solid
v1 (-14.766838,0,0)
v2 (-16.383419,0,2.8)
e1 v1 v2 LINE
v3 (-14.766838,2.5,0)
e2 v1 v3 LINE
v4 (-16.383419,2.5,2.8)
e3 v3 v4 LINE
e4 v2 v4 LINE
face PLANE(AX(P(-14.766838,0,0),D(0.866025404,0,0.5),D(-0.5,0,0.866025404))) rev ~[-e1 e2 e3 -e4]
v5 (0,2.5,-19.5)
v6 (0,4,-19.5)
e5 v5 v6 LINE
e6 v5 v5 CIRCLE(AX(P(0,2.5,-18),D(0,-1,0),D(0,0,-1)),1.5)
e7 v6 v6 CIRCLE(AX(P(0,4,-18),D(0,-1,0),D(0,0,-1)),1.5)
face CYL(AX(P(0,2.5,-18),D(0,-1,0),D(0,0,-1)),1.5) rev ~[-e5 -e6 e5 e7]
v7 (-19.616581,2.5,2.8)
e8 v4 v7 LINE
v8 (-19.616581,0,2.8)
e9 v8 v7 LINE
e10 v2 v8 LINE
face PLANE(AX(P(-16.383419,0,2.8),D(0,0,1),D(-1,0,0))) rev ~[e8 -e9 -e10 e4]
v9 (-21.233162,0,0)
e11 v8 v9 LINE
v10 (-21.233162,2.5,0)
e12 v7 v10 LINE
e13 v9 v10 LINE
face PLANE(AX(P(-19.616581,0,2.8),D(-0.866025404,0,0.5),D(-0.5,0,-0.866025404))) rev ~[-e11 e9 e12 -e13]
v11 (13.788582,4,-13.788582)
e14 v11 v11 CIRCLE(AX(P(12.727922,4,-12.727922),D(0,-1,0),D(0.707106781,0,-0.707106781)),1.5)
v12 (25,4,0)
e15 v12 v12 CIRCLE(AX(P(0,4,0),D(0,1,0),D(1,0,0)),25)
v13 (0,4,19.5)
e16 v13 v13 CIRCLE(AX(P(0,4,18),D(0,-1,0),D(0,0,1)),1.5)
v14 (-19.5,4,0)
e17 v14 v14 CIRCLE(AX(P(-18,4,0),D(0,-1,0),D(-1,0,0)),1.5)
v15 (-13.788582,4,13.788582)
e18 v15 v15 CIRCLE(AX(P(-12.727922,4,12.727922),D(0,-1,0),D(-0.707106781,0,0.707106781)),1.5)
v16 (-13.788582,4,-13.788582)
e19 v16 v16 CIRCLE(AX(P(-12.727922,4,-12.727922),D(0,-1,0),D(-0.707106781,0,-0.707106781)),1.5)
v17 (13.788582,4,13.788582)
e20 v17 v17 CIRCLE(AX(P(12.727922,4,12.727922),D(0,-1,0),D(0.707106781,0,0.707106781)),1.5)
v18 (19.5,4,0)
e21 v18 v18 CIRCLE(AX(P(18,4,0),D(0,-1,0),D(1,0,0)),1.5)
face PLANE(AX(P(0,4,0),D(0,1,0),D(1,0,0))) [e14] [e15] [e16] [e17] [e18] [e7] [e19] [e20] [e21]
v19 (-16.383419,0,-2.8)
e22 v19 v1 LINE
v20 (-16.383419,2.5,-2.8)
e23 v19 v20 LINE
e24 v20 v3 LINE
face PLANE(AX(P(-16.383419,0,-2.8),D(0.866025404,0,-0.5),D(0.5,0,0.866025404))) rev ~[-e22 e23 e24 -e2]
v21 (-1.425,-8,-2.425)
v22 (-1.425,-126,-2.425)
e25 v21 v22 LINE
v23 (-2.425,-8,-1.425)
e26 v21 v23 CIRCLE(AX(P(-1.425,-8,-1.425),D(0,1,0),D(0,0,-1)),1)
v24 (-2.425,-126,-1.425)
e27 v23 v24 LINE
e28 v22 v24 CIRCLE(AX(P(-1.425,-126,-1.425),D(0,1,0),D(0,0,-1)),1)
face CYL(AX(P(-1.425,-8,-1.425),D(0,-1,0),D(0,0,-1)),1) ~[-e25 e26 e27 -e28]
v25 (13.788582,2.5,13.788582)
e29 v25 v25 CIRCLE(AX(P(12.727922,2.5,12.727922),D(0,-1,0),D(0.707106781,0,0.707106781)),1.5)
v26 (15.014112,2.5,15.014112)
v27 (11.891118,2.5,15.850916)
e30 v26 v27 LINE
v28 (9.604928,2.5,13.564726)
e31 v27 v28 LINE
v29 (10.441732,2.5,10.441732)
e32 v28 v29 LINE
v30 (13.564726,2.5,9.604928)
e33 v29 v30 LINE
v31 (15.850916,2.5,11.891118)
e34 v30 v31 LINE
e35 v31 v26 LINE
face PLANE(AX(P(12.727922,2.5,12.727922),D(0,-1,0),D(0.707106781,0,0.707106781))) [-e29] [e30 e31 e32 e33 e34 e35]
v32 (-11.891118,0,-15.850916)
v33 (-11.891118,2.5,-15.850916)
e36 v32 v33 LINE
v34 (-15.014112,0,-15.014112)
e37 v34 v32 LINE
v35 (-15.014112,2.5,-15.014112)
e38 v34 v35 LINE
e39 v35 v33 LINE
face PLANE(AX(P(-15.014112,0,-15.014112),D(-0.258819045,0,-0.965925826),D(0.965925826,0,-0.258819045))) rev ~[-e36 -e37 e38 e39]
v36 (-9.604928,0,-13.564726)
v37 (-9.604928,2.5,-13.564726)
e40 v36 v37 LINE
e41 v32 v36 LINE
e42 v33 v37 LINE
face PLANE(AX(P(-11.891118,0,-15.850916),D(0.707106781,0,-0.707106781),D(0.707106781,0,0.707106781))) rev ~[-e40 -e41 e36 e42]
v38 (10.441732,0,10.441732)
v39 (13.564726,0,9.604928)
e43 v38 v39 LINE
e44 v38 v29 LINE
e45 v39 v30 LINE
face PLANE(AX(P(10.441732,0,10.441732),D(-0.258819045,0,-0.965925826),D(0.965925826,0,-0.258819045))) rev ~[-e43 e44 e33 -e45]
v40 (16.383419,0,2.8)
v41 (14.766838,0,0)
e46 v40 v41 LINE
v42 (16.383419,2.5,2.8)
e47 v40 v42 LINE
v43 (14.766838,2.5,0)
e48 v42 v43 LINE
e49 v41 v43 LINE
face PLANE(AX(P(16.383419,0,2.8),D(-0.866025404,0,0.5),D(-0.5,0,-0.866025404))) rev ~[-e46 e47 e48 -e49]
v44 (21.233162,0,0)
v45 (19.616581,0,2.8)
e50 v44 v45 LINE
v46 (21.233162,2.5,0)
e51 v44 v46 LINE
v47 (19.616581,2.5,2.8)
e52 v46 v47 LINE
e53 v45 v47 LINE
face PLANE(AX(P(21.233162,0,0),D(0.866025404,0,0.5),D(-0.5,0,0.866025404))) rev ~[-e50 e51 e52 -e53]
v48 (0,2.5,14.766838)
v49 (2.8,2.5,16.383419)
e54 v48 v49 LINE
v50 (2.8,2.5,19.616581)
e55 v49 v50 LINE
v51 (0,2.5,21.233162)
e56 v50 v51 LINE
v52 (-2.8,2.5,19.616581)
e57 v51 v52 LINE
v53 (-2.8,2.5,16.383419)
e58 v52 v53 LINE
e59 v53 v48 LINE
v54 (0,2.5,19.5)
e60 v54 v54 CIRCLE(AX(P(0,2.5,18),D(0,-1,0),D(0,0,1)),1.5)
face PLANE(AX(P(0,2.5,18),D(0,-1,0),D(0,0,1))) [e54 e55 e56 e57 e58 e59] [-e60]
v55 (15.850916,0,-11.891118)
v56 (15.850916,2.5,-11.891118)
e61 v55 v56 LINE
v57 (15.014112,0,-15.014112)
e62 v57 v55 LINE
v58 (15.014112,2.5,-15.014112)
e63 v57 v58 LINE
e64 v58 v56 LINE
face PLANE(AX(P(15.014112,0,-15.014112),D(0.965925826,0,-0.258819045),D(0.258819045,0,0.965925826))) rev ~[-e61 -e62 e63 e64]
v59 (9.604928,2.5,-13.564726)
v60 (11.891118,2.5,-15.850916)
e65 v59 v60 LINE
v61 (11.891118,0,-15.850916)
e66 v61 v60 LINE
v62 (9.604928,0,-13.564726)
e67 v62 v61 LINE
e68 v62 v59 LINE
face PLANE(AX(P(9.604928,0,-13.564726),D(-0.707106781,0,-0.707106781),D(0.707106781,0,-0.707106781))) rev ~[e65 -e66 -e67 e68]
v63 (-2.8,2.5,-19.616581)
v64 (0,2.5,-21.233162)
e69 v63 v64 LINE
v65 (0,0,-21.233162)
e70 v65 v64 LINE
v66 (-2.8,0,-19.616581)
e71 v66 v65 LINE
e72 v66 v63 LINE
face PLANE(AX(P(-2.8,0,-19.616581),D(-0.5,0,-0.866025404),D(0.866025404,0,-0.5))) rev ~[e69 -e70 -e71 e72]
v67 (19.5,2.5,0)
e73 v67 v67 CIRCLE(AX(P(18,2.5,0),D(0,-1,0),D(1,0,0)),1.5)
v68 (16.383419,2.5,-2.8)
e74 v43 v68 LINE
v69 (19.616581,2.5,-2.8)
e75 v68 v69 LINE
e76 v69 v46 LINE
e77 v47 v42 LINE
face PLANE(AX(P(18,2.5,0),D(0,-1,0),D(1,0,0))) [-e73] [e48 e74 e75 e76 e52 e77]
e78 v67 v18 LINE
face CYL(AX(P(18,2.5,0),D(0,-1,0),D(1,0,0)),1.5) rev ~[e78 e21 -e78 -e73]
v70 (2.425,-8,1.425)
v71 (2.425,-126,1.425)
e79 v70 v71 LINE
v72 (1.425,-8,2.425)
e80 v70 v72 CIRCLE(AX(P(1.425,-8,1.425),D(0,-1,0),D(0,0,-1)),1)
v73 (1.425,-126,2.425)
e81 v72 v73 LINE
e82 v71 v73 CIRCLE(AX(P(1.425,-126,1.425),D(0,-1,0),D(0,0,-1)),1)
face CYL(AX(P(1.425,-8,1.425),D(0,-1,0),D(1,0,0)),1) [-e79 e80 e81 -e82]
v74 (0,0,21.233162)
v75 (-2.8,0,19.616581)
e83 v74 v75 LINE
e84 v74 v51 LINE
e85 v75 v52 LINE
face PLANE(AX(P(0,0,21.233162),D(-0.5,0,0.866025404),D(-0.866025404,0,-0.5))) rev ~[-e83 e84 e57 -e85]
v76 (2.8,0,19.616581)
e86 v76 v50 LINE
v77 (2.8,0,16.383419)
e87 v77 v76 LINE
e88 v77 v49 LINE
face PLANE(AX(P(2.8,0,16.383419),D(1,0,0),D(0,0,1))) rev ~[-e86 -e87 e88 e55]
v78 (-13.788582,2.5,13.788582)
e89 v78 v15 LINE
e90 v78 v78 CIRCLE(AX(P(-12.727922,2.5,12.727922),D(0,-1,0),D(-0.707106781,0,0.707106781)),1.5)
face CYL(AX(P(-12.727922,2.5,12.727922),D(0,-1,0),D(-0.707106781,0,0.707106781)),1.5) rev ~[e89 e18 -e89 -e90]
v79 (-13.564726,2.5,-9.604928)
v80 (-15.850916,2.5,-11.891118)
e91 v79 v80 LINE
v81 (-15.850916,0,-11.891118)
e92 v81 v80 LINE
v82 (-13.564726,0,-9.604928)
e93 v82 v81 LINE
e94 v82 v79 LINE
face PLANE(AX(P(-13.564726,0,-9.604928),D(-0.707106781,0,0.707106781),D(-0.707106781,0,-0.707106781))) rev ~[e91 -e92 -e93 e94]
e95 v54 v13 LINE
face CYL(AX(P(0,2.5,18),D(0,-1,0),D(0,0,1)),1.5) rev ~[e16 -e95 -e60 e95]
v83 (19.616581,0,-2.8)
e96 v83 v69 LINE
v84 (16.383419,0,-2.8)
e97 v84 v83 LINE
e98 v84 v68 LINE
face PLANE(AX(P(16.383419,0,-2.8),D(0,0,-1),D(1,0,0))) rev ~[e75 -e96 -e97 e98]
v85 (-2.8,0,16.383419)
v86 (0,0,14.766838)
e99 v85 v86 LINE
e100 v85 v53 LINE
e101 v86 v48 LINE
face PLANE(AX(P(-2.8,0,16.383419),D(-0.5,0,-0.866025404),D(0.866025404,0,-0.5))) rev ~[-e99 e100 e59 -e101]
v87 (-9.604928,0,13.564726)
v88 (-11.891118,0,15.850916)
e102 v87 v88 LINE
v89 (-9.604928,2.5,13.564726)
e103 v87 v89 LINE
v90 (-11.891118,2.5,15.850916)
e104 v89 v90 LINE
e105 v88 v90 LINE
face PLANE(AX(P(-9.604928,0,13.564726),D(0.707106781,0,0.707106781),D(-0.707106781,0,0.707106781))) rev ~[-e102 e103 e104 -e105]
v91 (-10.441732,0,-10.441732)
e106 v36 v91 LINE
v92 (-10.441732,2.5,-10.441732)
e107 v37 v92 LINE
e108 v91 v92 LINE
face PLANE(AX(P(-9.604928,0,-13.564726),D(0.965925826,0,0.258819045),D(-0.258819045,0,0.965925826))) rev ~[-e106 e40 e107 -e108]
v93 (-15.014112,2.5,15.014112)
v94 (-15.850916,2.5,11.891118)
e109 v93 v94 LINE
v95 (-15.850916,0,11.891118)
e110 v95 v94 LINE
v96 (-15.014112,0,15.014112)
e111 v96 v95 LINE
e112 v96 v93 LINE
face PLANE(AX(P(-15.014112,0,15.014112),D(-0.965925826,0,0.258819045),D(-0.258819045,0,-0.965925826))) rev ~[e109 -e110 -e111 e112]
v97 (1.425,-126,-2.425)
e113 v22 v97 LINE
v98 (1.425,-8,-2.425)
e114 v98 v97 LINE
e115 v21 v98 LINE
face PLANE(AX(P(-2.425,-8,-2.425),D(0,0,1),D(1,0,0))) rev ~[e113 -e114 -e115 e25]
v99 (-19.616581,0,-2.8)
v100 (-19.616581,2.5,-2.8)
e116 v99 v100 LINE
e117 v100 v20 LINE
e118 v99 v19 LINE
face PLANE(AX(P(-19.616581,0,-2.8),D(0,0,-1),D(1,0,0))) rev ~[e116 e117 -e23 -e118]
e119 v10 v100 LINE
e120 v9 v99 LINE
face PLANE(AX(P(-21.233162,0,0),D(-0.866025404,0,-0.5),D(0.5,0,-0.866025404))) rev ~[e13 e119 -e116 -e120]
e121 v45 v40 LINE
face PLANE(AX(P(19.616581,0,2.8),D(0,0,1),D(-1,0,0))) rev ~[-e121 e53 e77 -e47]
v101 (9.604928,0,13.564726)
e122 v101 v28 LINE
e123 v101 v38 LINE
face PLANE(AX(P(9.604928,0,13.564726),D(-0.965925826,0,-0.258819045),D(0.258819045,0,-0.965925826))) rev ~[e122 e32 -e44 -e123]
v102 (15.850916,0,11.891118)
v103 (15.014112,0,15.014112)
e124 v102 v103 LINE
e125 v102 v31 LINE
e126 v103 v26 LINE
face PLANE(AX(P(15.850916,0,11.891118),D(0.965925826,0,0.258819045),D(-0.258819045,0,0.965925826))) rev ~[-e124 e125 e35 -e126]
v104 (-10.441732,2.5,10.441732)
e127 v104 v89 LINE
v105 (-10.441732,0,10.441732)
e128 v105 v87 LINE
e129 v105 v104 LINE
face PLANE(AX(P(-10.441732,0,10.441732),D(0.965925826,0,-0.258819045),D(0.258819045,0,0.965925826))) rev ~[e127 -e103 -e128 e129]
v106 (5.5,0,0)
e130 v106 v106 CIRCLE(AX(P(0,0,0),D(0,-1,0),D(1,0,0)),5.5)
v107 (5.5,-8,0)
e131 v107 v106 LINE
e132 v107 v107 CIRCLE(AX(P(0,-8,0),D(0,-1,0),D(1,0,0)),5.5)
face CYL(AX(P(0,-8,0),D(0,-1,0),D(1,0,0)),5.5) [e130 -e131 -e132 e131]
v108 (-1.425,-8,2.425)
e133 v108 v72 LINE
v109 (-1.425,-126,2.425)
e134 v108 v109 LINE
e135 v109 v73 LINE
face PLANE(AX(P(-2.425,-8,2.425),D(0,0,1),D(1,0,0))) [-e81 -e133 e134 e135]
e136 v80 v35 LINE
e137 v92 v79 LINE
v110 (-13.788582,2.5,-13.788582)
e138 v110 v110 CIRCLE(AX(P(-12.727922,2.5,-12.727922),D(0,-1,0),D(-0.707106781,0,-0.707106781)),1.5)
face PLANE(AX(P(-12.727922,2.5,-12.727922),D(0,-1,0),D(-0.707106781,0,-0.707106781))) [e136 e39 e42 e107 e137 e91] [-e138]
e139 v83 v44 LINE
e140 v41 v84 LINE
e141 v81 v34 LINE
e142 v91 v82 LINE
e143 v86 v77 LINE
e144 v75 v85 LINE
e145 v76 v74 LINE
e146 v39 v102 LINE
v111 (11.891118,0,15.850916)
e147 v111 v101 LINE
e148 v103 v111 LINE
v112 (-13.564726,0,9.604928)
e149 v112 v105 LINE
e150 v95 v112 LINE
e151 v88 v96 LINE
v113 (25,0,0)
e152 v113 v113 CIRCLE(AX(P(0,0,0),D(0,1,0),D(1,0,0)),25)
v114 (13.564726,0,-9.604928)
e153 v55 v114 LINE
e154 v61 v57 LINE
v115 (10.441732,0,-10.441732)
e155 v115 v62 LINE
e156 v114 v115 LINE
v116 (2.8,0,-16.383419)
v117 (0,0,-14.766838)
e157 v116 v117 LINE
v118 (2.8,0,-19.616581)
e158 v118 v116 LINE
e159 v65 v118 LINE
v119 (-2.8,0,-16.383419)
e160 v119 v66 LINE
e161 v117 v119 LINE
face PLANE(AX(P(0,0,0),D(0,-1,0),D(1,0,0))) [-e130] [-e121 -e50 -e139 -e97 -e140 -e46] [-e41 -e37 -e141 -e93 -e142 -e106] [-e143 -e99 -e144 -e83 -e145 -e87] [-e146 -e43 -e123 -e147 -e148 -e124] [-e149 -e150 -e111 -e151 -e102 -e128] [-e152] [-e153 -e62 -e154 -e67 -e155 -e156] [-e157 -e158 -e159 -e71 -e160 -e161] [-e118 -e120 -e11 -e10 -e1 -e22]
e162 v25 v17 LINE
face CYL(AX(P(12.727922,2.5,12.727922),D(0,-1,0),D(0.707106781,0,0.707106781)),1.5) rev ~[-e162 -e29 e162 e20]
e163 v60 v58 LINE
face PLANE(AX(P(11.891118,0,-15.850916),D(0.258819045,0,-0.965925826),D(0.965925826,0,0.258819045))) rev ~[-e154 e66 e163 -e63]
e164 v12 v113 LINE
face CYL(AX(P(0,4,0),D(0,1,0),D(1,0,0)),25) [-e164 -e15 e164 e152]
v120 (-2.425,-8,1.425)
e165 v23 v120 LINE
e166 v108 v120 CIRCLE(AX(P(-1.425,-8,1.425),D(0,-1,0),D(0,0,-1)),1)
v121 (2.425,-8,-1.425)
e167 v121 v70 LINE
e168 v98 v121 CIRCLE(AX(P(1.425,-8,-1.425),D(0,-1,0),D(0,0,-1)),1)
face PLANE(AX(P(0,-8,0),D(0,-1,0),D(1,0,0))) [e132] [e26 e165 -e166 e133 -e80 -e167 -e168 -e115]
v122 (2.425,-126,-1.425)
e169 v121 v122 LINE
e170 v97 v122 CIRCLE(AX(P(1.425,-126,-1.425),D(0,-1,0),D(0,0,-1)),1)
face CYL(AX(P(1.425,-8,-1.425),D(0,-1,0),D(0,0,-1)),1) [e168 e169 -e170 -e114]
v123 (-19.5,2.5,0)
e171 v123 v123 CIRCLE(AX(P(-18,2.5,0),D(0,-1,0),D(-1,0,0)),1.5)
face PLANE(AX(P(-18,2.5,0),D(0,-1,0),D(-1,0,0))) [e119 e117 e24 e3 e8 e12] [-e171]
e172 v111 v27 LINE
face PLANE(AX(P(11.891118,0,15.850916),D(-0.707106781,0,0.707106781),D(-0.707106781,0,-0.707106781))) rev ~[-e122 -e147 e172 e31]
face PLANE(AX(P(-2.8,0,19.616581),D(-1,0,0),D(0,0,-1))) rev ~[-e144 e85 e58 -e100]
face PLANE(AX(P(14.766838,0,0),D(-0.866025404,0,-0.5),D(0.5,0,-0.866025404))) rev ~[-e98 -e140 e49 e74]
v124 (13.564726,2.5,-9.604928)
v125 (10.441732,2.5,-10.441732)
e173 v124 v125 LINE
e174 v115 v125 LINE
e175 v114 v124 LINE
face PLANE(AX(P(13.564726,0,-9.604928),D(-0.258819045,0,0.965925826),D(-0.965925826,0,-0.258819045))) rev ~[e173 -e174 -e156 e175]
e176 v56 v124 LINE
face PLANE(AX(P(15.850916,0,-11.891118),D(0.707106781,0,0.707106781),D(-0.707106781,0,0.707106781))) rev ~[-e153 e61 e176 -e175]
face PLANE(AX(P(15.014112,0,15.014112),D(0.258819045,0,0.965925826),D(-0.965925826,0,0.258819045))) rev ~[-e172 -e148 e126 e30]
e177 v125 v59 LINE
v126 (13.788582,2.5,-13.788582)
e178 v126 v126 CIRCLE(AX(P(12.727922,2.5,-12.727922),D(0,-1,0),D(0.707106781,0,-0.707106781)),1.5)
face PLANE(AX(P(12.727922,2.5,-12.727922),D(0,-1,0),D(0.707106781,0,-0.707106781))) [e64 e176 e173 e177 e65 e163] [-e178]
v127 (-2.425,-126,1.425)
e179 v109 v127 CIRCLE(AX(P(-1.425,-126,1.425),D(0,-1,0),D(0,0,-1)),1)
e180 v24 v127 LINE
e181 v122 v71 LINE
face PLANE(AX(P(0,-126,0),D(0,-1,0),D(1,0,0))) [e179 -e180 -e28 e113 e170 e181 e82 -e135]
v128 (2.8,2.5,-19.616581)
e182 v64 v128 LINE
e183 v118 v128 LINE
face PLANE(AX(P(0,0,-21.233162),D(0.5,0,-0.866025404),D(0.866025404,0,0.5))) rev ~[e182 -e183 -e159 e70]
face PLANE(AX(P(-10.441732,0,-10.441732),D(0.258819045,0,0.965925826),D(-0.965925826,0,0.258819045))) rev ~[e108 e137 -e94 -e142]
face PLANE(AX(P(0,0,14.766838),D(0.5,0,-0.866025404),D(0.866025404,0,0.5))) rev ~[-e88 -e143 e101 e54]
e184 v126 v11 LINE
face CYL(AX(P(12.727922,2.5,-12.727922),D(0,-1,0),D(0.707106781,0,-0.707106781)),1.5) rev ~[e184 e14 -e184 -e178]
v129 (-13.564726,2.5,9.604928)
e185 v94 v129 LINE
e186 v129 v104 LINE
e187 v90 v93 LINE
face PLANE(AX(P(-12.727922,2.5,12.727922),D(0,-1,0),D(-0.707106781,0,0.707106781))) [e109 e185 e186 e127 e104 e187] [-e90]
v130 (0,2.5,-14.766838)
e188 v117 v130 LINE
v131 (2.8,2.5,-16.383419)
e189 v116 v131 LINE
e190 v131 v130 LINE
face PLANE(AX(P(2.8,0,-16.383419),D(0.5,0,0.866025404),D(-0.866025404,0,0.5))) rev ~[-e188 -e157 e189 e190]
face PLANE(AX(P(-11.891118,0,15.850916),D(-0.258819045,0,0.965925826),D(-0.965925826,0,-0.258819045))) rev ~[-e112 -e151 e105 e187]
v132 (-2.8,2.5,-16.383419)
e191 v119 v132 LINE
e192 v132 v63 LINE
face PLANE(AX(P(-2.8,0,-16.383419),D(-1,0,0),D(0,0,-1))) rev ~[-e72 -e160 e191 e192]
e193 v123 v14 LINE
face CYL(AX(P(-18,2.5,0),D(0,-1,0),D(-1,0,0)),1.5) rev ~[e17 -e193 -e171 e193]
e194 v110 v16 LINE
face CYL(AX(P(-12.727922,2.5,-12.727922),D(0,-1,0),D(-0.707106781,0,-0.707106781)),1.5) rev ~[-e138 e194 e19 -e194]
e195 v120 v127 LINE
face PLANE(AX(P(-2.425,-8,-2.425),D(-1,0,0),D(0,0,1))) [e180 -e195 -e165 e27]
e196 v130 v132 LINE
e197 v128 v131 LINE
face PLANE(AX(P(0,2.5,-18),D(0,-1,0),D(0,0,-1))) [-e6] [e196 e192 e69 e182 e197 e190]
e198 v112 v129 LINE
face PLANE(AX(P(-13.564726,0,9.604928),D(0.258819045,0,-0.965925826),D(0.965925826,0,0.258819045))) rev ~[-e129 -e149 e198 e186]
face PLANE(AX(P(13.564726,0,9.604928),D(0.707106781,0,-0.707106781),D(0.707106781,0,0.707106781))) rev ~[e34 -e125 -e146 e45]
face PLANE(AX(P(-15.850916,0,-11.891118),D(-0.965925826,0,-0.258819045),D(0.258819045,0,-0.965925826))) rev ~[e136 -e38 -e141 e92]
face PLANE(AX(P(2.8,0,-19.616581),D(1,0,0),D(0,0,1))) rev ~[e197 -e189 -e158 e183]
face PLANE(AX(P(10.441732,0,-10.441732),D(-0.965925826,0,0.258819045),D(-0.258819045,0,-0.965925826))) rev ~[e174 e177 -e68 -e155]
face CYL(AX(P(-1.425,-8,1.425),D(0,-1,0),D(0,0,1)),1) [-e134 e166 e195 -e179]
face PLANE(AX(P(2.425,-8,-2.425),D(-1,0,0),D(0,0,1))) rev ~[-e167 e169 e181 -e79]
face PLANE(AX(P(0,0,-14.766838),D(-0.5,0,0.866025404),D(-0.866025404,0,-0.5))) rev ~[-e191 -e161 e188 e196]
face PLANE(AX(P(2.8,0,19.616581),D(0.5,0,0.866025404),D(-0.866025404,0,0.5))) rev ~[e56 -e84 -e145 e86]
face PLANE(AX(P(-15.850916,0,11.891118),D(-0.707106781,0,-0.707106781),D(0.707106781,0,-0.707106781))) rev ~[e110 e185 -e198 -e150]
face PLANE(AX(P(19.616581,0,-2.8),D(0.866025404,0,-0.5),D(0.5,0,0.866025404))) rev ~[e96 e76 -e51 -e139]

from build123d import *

# Parameters (mm, degrees)
SKETCH_1_R               = 20
EXTRUDE_1_DEPTH          = 4
SKETCH_2_R               = 7.407075634
EXTRUDE_2_DEPTH          = 8
SKETCH_3_W               = 4.85
SKETCH_3_H               = 4.85
EXTRUDE_3_DEPTH          = 118
SKETCH_5_R               = 25
EXTRUDE_4_DEPTH          = 4
CUT_EXTRUDE_1_DEPTH      = 2.5
SKETCH_7_R               = 1.5
CUT_EXTRUDE_2_DEPTH      = 2.5
PATTERN_CIRCULAR_1_COUNT = 8
FILLET_1_R               = 1
SKETCH_9_R               = 25
EXTRUDE_5_DEPTH          = 4
SKETCH_10_R              = 5.5
EXTRUDE_6_DEPTH          = 8
SKETCH_11_W              = 4.85
SKETCH_11_H              = 4.85
EXTRUDE_7_DEPTH          = 118
CUT_EXTRUDE_7_DEPTH      = 128.5
SKETCH_13_R              = 1.5
CUT_EXTRUDE_8_DEPTH      = 128.5
PATTERN_CIRCULAR_2_COUNT = 8
FILLET_2_R               = 1
SKETCH_14_R              = 7.407075634
SKETCH_14_R_2            = 5.5
CUT_EXTRUDE_9_DEPTH      = 8
SKETCH_15_W              = 54.152446135
SKETCH_15_H              = 58.876914062
CUT_EXTRUDE_10_DEPTH     = 130


with BuildPart() as part:
    # 草图1 → 凸台-拉伸1 (new body)
    with BuildSketch(Plane(origin=(0, 0, 0), x_dir=(1, 0, 0), z_dir=(0, 1, 0))):
        Circle(SKETCH_1_R)
    extrude(amount=EXTRUDE_1_DEPTH)

    # 草图2 → 凸台-拉伸2 (add)
    with BuildSketch(Plane.XZ):
        Circle(SKETCH_2_R)
    extrude(amount=EXTRUDE_2_DEPTH)

    # 草图3 → 凸台-拉伸3 (add)
    with BuildSketch(Plane.XZ.offset(8)):
        Rectangle(SKETCH_3_W, SKETCH_3_H)
    extrude(amount=EXTRUDE_3_DEPTH)

    # 草图5 → 凸台-拉伸4 (add)
    with BuildSketch(Plane(origin=(0, 4, 0), x_dir=(1, 0, 0), z_dir=(0, 1, 0))):
        Circle(SKETCH_5_R)
    extrude(amount=-EXTRUDE_4_DEPTH)

    # 草图6 → 切除-拉伸1 (cut)
    with BuildSketch(Plane.XZ):
        Polygon((21.233161507, 0), (19.616580754, 2.8), (16.383419246, 2.8), (14.766838493, 0), (16.383419246, -2.8), (19.616580754, -2.8), align=None)
    cut_extrude_1 = extrude(amount=-CUT_EXTRUDE_1_DEPTH, mode=Mode.SUBTRACT)

    # 草图7 → 切除-拉伸2 (cut)
    with BuildSketch(Plane.XZ.offset(-2.5)):
        with Locations((18, 0)):
            Circle(SKETCH_7_R)
    cut_extrude_2 = extrude(amount=-CUT_EXTRUDE_2_DEPTH, mode=Mode.SUBTRACT)

    # 阵列(圆周)1: 切除-拉伸1, 切除-拉伸2 ×8 about axis
    pattern_circular_1_axis = Axis((0, 0, 0), (0, 1, 0))
    for i in range(1, PATTERN_CIRCULAR_1_COUNT):
        add(cut_extrude_1.rotate(pattern_circular_1_axis, i * 360 / PATTERN_CIRCULAR_1_COUNT), mode=Mode.SUBTRACT)
        add(cut_extrude_2.rotate(pattern_circular_1_axis, i * 360 / PATTERN_CIRCULAR_1_COUNT), mode=Mode.SUBTRACT)

    # 圆角1
    fillet_1_edges = [part.edges().sort_by_distance(p)[0] for p in [
        (2.425, -67, -2.425),
        (2.425, -67, 2.425),
        (-2.425, -67, 2.425),
        (-2.425, -67, -2.425),
    ]]
    fillet(fillet_1_edges, radius=FILLET_1_R)

    # 草图14 → 切除-拉伸9 (cut)
    with BuildSketch(Plane.XZ.offset(8)):
        Circle(SKETCH_14_R)
        Circle(SKETCH_14_R_2, mode=Mode.SUBTRACT)
    extrude(amount=-CUT_EXTRUDE_9_DEPTH, mode=Mode.SUBTRACT)


with BuildPart() as body_2:
    # 草图9 → 凸台-拉伸5 (new body)
    with BuildSketch(Plane(origin=(0, 0, 0), x_dir=(1, 0, 0), z_dir=(0, 1, 0))):
        with Locations((53.487556259, 0)):
            Circle(SKETCH_9_R)
    extrude(amount=EXTRUDE_5_DEPTH)

    # 草图10 → 凸台-拉伸6 (add)
    with BuildSketch(Plane.XZ):
        with Locations((53.487556259, 0)):
            Circle(SKETCH_10_R)
    extrude(amount=EXTRUDE_6_DEPTH)

    # 草图11 → 凸台-拉伸7 (add)
    with BuildSketch(Plane.XZ.offset(8)):
        with Locations((53.487556259, 0)):
            Rectangle(SKETCH_11_W, SKETCH_11_H)
    extrude(amount=EXTRUDE_7_DEPTH)

    # 草图12 → 切除-拉伸7 (cut)
    with BuildSketch(Plane.XZ.offset(126)):
        Polygon((38.720717767, 0), (37.104137013, 2.8), (33.870975506, 2.8), (32.254394752, 0), (33.870975506, -2.8), (37.104137013, -2.8), align=None)
    cut_extrude_7 = extrude(amount=-CUT_EXTRUDE_7_DEPTH, mode=Mode.SUBTRACT)

    # 草图13 → 切除-拉伸8 (cut)
    with BuildSketch(Plane.XZ.offset(-2.5)):
        with Locations((35.487556259, 0)):
            Circle(SKETCH_13_R)
    cut_extrude_8 = extrude(amount=-CUT_EXTRUDE_8_DEPTH, mode=Mode.SUBTRACT)

    # 阵列(圆周)2: 切除-拉伸7, 切除-拉伸8 ×8 about axis
    pattern_circular_2_axis = Axis((53.487556259, 0, 0), (0, 1, 0))
    for i in range(1, PATTERN_CIRCULAR_2_COUNT):
        add(cut_extrude_7.rotate(pattern_circular_2_axis, i * 360 / PATTERN_CIRCULAR_2_COUNT), mode=Mode.SUBTRACT)
        add(cut_extrude_8.rotate(pattern_circular_2_axis, i * 360 / PATTERN_CIRCULAR_2_COUNT), mode=Mode.SUBTRACT)

    # 圆角2
    fillet_2_edges = [body_2.edges().sort_by_distance(p)[0] for p in [
        (55.912556259, -67, -2.425),
        (55.912556259, -67, 2.425),
        (51.062556259, -67, 2.425),
        (51.062556259, -67, -2.425),
    ]]
    fillet(fillet_2_edges, radius=FILLET_2_R)

    # 草图15 → 切除-拉伸10 (cut)
    with BuildSketch(Plane(origin=(0, 4, 0), x_dir=(1, 0, 0), z_dir=(0, 1, 0))):
        with Locations((53.48755626, 0)):
            Rectangle(SKETCH_15_W, SKETCH_15_H)
    extrude(amount=-CUT_EXTRUDE_10_DEPTH, mode=Mode.SUBTRACT)


solid = part.part
